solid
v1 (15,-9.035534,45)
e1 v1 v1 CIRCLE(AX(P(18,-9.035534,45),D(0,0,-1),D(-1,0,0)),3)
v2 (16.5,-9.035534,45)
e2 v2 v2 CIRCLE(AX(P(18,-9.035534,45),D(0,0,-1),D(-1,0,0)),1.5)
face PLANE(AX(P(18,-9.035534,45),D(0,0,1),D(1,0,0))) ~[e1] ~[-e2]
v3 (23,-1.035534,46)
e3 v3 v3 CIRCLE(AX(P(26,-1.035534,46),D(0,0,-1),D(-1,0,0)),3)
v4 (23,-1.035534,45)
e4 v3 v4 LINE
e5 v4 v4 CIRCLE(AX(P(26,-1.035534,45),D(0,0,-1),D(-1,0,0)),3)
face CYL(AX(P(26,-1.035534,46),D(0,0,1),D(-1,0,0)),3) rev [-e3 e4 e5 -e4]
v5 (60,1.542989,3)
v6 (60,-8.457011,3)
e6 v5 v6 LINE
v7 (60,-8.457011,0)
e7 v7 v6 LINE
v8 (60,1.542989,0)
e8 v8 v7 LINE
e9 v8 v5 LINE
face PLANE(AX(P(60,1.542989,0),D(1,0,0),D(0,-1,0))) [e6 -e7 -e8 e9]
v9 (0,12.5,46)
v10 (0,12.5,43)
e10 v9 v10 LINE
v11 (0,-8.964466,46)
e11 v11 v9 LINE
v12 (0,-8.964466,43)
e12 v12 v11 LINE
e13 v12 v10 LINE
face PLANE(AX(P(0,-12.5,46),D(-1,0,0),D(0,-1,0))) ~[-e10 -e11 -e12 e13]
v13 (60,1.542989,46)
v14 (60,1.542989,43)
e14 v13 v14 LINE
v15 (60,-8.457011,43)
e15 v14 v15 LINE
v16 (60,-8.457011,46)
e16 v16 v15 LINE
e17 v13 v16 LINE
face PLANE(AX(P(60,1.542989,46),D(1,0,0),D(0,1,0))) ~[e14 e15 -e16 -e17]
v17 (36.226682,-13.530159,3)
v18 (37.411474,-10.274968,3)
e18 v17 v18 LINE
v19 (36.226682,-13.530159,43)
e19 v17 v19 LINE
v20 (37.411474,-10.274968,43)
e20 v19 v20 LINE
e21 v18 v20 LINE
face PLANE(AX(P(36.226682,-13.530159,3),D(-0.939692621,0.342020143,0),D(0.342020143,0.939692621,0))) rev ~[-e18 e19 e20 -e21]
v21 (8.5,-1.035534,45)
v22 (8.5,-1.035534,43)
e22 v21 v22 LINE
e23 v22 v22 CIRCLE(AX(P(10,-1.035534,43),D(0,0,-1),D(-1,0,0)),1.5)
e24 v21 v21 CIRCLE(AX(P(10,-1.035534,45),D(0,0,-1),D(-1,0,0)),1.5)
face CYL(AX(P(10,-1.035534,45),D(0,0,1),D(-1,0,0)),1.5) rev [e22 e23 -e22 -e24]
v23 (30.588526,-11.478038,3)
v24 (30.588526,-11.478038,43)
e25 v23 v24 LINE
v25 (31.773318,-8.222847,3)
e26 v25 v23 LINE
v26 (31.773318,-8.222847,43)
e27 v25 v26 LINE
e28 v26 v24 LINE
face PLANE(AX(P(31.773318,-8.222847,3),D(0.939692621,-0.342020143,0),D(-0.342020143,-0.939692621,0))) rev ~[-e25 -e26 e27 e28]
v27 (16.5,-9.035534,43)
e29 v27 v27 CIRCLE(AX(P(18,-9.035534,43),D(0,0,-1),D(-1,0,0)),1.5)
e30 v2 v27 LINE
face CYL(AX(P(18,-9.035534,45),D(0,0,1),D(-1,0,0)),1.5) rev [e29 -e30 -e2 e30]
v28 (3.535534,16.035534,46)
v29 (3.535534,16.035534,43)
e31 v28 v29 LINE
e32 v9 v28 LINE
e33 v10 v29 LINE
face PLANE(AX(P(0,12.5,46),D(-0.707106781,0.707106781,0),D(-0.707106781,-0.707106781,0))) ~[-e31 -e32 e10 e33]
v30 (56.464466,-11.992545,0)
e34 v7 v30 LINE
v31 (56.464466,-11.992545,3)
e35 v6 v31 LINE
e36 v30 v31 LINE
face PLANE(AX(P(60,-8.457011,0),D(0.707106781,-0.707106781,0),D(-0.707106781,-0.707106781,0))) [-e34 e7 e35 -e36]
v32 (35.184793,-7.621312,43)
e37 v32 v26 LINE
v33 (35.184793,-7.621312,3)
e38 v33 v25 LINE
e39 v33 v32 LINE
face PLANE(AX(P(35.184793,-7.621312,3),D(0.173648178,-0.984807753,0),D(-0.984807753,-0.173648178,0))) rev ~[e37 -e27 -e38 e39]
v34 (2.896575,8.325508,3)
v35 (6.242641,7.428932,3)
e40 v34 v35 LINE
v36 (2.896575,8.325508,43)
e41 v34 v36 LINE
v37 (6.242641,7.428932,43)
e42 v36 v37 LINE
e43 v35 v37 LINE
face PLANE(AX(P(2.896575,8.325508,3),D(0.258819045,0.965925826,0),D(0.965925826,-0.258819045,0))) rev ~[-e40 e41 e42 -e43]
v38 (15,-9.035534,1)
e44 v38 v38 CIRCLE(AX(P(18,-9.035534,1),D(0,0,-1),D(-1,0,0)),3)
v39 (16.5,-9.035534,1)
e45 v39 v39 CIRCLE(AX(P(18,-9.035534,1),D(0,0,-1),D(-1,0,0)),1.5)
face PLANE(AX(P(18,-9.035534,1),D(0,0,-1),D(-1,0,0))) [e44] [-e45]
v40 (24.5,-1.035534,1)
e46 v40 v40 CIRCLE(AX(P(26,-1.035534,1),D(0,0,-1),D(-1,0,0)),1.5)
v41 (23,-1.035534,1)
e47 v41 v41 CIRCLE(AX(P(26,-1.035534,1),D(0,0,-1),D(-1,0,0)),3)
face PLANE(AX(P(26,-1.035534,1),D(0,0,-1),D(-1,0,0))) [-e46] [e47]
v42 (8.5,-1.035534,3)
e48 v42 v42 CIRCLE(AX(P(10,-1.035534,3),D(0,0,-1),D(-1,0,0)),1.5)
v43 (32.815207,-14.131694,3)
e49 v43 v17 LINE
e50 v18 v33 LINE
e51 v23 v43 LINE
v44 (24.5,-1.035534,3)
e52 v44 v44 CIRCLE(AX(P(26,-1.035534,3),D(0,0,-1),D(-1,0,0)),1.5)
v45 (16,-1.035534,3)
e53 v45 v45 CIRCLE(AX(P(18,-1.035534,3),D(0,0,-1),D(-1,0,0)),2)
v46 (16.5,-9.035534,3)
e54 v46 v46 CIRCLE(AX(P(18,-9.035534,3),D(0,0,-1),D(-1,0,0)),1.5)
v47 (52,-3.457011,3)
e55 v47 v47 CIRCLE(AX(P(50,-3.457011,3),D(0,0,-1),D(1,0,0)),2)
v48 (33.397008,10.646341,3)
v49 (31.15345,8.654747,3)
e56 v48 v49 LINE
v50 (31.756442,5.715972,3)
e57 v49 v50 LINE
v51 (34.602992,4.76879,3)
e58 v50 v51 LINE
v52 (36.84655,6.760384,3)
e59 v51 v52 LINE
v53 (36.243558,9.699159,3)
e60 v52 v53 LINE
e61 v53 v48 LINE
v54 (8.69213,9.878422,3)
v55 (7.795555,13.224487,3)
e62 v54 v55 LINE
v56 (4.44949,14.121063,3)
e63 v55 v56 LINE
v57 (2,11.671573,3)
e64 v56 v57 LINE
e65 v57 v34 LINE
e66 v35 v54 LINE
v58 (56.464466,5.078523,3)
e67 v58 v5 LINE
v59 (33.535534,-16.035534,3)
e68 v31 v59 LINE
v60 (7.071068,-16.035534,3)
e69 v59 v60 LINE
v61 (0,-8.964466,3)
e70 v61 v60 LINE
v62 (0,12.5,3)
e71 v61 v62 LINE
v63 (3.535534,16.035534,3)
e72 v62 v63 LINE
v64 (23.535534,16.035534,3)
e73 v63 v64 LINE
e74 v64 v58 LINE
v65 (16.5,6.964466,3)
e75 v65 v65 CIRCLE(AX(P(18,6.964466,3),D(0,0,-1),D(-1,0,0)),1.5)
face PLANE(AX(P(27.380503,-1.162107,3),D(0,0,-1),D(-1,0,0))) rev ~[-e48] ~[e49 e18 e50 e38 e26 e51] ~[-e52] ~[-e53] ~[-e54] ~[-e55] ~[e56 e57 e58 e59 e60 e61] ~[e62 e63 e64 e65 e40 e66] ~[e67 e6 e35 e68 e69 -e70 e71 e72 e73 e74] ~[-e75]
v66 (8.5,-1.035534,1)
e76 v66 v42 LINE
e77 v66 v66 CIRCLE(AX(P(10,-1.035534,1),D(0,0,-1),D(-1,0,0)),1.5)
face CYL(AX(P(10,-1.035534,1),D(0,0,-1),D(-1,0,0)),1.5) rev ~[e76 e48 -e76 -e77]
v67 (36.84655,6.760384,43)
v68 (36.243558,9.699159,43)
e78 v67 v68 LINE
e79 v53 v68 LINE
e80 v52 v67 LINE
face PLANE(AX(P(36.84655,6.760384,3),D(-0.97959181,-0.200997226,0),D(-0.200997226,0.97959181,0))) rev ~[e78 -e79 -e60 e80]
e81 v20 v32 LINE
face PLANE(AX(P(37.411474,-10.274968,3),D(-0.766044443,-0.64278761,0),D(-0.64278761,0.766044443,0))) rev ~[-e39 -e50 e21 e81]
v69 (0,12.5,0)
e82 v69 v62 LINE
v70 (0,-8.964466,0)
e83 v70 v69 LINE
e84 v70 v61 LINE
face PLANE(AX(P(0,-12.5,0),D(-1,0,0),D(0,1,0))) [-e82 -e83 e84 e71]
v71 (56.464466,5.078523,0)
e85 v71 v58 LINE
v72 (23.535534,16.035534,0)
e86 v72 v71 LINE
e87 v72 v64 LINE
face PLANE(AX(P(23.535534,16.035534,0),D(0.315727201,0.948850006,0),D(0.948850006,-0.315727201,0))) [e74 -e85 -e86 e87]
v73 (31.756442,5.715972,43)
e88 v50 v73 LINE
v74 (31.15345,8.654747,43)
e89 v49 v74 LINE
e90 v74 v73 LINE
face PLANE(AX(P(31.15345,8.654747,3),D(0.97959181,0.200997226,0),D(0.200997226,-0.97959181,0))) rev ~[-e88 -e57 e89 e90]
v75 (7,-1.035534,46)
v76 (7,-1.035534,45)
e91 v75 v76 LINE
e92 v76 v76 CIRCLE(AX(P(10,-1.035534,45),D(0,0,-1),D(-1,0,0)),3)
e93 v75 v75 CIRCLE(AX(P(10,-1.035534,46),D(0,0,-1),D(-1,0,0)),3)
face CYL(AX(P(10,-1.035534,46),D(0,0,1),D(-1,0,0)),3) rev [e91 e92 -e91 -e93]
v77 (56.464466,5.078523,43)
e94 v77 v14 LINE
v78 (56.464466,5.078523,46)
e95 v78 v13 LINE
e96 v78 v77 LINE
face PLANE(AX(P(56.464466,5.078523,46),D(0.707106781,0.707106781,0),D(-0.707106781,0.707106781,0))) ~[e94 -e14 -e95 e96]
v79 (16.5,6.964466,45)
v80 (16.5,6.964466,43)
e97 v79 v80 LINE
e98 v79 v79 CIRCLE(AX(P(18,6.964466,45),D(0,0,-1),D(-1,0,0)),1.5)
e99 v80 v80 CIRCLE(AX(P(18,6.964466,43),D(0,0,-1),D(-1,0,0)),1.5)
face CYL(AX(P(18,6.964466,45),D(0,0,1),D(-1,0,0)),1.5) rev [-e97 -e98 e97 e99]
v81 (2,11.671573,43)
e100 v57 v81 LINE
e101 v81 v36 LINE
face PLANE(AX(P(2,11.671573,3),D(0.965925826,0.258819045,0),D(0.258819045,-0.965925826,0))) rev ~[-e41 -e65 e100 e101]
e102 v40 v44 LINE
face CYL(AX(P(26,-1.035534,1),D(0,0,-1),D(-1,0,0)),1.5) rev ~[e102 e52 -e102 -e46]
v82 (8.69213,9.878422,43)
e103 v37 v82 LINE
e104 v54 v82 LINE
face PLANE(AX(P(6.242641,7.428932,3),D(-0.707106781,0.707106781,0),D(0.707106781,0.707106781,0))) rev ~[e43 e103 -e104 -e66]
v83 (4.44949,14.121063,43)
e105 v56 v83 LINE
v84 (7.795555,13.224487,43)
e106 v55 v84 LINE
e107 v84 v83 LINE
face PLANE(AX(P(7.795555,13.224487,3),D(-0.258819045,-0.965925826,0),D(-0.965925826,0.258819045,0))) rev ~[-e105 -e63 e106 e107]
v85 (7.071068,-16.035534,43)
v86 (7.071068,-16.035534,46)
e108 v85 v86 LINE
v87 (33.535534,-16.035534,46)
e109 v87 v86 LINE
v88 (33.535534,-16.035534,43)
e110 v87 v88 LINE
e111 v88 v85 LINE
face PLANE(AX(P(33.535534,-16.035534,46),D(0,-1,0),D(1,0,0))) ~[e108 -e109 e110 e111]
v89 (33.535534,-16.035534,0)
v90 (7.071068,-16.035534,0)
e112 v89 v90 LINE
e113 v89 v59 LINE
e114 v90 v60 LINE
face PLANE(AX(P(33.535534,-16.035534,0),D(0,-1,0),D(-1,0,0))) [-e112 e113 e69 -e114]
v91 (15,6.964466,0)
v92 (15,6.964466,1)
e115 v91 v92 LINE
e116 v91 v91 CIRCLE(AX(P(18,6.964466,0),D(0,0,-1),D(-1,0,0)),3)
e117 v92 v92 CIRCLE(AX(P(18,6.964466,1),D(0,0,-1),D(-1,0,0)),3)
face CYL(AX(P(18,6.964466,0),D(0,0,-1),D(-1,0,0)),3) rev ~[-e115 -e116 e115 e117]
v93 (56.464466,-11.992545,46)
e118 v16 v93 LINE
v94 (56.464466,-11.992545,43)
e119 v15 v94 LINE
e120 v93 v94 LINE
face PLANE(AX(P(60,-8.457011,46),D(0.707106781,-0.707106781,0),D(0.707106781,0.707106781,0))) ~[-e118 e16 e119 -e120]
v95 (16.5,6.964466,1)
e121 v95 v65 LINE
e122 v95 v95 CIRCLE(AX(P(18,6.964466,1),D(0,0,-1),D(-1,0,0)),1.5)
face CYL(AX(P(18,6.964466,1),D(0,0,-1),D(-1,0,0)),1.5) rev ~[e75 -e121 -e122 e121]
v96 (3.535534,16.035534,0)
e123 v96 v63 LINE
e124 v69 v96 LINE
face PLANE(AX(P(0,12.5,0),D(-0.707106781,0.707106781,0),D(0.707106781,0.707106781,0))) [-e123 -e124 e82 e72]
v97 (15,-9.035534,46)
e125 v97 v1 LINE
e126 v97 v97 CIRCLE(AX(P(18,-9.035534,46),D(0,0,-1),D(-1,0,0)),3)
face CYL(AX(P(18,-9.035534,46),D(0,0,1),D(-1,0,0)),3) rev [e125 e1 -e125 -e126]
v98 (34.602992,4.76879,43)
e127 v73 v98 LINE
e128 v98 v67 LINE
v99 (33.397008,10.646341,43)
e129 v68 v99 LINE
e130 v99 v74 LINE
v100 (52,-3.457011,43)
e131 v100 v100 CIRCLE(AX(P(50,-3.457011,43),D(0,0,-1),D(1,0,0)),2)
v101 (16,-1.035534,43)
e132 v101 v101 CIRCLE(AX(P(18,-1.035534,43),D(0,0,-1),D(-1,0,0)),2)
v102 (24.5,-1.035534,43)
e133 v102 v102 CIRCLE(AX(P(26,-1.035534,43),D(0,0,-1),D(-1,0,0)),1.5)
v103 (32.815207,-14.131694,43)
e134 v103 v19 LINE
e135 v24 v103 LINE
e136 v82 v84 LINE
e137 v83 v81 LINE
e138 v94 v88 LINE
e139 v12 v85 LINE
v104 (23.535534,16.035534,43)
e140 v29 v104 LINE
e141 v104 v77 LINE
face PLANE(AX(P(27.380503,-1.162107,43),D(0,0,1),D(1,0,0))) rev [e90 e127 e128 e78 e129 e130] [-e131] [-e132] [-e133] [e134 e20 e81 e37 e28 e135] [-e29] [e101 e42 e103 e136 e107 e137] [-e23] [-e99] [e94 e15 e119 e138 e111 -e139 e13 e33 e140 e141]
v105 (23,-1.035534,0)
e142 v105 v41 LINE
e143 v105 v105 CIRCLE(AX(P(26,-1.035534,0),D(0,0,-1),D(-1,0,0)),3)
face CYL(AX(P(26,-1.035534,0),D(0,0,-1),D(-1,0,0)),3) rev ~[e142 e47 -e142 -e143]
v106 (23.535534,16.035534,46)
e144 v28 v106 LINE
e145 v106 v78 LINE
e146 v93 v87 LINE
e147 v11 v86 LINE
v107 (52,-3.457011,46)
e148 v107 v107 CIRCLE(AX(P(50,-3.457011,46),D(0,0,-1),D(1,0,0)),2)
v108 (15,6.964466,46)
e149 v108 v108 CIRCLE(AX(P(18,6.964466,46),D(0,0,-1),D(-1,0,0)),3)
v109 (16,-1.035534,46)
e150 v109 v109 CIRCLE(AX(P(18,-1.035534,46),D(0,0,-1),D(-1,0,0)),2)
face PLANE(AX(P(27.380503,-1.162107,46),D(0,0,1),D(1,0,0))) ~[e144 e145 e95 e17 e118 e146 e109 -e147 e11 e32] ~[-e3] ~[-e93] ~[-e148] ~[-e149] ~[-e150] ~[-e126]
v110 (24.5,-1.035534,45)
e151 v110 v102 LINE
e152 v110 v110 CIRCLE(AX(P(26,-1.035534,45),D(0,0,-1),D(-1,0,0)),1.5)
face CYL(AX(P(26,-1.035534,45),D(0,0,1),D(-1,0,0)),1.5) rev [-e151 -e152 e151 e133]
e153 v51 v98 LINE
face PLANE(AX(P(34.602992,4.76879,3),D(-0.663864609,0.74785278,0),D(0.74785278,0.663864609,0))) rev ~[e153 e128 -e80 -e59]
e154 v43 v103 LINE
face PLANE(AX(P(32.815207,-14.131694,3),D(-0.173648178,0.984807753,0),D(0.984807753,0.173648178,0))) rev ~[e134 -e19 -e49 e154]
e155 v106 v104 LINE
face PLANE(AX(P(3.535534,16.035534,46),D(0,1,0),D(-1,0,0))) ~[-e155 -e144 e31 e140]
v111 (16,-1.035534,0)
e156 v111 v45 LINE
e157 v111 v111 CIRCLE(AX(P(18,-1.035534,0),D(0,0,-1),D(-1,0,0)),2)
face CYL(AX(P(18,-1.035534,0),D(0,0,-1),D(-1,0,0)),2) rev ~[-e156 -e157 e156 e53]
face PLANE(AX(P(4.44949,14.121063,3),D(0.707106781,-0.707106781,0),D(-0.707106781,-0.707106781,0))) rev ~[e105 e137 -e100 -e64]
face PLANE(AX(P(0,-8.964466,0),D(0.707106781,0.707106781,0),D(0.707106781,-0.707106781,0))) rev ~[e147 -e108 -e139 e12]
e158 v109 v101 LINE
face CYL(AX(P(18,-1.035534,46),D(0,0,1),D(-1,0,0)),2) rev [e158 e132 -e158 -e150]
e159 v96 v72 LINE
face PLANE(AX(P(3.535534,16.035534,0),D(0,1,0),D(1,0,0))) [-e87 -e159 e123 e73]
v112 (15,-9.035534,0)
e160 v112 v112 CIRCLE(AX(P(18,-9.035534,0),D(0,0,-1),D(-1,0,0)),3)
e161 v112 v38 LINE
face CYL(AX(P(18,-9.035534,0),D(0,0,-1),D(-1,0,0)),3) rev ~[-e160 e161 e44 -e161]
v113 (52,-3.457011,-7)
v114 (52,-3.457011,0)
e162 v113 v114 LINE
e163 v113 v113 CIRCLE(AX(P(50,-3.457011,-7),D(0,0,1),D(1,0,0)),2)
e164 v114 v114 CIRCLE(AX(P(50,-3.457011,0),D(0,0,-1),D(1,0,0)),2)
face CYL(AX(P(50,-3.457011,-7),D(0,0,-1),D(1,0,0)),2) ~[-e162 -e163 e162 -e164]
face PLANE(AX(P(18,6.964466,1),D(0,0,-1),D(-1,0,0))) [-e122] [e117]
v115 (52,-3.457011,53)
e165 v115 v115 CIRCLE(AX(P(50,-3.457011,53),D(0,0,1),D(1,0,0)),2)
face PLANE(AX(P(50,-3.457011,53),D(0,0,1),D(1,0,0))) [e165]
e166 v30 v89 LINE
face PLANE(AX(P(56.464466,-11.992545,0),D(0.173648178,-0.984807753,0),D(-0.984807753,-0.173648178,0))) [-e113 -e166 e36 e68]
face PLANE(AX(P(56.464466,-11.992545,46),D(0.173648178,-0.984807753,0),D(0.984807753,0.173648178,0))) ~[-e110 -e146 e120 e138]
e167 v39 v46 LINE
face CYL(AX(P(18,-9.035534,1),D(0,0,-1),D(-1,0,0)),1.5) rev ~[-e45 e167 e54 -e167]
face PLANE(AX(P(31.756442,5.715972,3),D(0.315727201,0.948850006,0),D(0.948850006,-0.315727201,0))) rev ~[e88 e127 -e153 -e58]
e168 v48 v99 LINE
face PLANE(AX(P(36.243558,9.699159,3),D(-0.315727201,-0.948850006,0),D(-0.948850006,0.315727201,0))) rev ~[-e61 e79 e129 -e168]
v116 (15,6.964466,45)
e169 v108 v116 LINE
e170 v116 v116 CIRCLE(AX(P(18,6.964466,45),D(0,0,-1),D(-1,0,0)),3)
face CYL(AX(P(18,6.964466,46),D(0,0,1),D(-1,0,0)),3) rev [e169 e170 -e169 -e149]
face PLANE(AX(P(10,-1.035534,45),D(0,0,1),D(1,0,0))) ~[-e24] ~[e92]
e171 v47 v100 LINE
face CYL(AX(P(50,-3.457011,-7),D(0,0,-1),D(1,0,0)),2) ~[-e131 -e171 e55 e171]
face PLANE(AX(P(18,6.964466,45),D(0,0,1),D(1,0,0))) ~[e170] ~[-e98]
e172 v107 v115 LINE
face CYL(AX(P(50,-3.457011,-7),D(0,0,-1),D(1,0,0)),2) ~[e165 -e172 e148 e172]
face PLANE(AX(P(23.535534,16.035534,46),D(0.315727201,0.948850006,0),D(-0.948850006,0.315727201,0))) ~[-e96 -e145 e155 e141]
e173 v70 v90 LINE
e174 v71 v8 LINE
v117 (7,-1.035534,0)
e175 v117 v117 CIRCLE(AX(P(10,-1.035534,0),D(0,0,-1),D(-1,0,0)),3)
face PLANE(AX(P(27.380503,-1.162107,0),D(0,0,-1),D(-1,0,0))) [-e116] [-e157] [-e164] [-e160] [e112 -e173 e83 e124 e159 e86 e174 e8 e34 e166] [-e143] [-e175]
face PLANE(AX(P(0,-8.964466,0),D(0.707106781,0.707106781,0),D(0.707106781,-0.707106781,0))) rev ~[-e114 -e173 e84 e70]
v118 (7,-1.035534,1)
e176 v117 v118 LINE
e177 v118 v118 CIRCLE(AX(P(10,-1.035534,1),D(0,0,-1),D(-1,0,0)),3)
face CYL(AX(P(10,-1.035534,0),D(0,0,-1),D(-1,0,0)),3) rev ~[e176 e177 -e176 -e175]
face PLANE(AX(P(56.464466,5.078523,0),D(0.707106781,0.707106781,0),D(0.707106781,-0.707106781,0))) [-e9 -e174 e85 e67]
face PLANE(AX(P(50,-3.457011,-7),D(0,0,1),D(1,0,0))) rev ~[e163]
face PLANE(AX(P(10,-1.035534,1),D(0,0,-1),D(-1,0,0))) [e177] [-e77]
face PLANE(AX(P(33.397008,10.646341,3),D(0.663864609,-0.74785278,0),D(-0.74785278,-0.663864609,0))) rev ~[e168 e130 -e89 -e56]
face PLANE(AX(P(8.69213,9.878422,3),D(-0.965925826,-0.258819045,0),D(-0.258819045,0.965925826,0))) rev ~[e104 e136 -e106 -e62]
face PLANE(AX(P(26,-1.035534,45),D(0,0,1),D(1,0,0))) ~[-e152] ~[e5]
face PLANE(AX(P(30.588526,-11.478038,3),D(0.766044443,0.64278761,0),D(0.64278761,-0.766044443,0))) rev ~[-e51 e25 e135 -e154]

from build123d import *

# Parameters (mm, degrees)
BOSS_EXTRUDE1_DEPTH      = 3
SKETCH4_R                = 2
CUT_EXTRUDE1_DEPTH       = 3
SKETCH5_R                = 3
CUT_EXTRUDE2_DEPTH       = 1
SKETCH6_R                = 1.5
CUT_EXTRUDE3_DEPTH       = 2
BOSS_EXTRUDE2_DEPTH      = 40
BOSS_EXTRUDE3_DEPTH      = 30
BOSS_EXTRUDE3_DEPTH_BACK = 30
SKETCH7_R                = 2
CUT_EXTRUDE5_REACH       = 83.646


with BuildPart() as part:
    # Sketch2 → Boss-Extrude1 (new body)
    with BuildSketch(Plane.XY):
        Polygon((33.535533906, -16.035533906), (3.535533906, -16.035533906), (0, -12.5), (0, 12.5), (3.535533906, 16.035533906), (23.535533906, 16.035533906), (56.464466094, 5.07852329), (60, 1.542989384), (60, -8.457010616), (56.464466094, -11.992544522), align=None)
    boss_extrude1 = extrude(amount=BOSS_EXTRUDE1_DEPTH)

    # Sketch4 → Cut-Extrude1 (cut)
    with BuildSketch(Plane(origin=(0, 0, 0), x_dir=(-1, 0, 0), z_dir=(0, 0, -1))):
        with Locations((-18, -1.035533906)):
            Circle(SKETCH4_R)
    cut_extrude1 = extrude(amount=-CUT_EXTRUDE1_DEPTH, mode=Mode.SUBTRACT)

    # Sketch5 → Cut-Extrude2 (cut)
    with BuildSketch(Plane(origin=(0, 0, 0), x_dir=(-1, 0, 0), z_dir=(0, 0, -1))):
        with Locations((-18, 6.964466094)):
            Circle(SKETCH5_R)
        with Locations((-10, -1.035533906)):
            Circle(SKETCH5_R)
        with Locations((-18, -9.035533906)):
            Circle(SKETCH5_R)
        with Locations((-26, -1.035533906)):
            Circle(SKETCH5_R)
    cut_extrude2 = extrude(amount=-CUT_EXTRUDE2_DEPTH, mode=Mode.SUBTRACT)

    # Sketch6 → Cut-Extrude3 (cut)
    with BuildSketch(Plane(origin=(0, 0, 1), x_dir=(-1, 0, 0), z_dir=(0, 0, -1))):
        with Locations((-18, 6.964466094)):
            Circle(SKETCH6_R)
        with Locations((-26, -1.035533906)):
            Circle(SKETCH6_R)
        with Locations((-10, -1.035533906)):
            Circle(SKETCH6_R)
        with Locations((-18, -9.035533906)):
            Circle(SKETCH6_R)
    cut_extrude3 = extrude(amount=-CUT_EXTRUDE3_DEPTH, mode=Mode.SUBTRACT)

    # Sketch3 → Boss-Extrude2 (add)
    with BuildSketch(Plane.XY.offset(3)):
        Polygon((8.69213043, 9.878421931), (7.795554958, 13.224487146), (4.449489743, 14.121062618), (2, 11.671572875), (2.896575472, 8.32550766), (6.242640687, 7.428932188), align=None)
        Polygon((36.226681597, -13.530158735), (37.411474128, -10.27496801), (35.184792531, -7.621312217), (31.773318403, -8.22284715), (30.588525872, -11.478037875), (32.815207469, -14.131693668), align=None)
        Polygon((36.846550019, 6.760383974), (36.24355834, 9.699159405), (33.397008321, 10.646341008), (31.153449981, 8.65474718), (31.75644166, 5.715971749), (34.602991679, 4.768790146), align=None)
    extrude(amount=BOSS_EXTRUDE2_DEPTH)

    # Mirror1: Boss-Extrude1, Cut-Extrude1, Cut-Extrude2, Cut-Extrude3 across plane
    add(boss_extrude1.mirror(Plane.XY.offset(23)))
    add(cut_extrude1.mirror(Plane.XY.offset(23)), mode=Mode.SUBTRACT)
    add(cut_extrude2.mirror(Plane.XY.offset(23)), mode=Mode.SUBTRACT)
    add(cut_extrude3.mirror(Plane.XY.offset(23)), mode=Mode.SUBTRACT)

    # Sketch7 → Boss-Extrude3 (add, two sides: drawn at the far end of the back side and taken through both)
    with BuildSketch(Plane.XY.offset(23).offset(-BOSS_EXTRUDE3_DEPTH_BACK)):
        with Locations((50, -3.457010616)):
            Circle(SKETCH7_R)
    extrude(amount=BOSS_EXTRUDE3_DEPTH + BOSS_EXTRUDE3_DEPTH_BACK)

    # Cut-Extrude5: up to this face of the body (flat: up to its plane)
    cut_extrude5_end = Plane(part.part.faces().sort_by_distance((18.535533906, -15.35519918, 46))[0])
    # Sketch9 → Cut-Extrude5 (cut, up to the picked face)
    with BuildSketch(Plane(origin=(0, 0, 0), x_dir=(-1, 0, 0), z_dir=(0, 0, -1)), mode=Mode.PRIVATE) as cut_extrude5_sk1:
        Polygon((0, -8.964466094), (-7.071067812, -16.035533906), (0, -16.035533906), align=None)
    cut_extrude5_tool1 = split(extrude(cut_extrude5_sk1.sketch, amount=-CUT_EXTRUDE5_REACH, mode=Mode.PRIVATE), bisect_by=cut_extrude5_end, keep=Keep.BOTH, mode=Mode.PRIVATE)
    add(cut_extrude5_tool1.solids().sort_by(Axis((2.357023, -13.678511, 0), (0, 0, 1)))[0], mode=Mode.SUBTRACT)


solid = part.part
